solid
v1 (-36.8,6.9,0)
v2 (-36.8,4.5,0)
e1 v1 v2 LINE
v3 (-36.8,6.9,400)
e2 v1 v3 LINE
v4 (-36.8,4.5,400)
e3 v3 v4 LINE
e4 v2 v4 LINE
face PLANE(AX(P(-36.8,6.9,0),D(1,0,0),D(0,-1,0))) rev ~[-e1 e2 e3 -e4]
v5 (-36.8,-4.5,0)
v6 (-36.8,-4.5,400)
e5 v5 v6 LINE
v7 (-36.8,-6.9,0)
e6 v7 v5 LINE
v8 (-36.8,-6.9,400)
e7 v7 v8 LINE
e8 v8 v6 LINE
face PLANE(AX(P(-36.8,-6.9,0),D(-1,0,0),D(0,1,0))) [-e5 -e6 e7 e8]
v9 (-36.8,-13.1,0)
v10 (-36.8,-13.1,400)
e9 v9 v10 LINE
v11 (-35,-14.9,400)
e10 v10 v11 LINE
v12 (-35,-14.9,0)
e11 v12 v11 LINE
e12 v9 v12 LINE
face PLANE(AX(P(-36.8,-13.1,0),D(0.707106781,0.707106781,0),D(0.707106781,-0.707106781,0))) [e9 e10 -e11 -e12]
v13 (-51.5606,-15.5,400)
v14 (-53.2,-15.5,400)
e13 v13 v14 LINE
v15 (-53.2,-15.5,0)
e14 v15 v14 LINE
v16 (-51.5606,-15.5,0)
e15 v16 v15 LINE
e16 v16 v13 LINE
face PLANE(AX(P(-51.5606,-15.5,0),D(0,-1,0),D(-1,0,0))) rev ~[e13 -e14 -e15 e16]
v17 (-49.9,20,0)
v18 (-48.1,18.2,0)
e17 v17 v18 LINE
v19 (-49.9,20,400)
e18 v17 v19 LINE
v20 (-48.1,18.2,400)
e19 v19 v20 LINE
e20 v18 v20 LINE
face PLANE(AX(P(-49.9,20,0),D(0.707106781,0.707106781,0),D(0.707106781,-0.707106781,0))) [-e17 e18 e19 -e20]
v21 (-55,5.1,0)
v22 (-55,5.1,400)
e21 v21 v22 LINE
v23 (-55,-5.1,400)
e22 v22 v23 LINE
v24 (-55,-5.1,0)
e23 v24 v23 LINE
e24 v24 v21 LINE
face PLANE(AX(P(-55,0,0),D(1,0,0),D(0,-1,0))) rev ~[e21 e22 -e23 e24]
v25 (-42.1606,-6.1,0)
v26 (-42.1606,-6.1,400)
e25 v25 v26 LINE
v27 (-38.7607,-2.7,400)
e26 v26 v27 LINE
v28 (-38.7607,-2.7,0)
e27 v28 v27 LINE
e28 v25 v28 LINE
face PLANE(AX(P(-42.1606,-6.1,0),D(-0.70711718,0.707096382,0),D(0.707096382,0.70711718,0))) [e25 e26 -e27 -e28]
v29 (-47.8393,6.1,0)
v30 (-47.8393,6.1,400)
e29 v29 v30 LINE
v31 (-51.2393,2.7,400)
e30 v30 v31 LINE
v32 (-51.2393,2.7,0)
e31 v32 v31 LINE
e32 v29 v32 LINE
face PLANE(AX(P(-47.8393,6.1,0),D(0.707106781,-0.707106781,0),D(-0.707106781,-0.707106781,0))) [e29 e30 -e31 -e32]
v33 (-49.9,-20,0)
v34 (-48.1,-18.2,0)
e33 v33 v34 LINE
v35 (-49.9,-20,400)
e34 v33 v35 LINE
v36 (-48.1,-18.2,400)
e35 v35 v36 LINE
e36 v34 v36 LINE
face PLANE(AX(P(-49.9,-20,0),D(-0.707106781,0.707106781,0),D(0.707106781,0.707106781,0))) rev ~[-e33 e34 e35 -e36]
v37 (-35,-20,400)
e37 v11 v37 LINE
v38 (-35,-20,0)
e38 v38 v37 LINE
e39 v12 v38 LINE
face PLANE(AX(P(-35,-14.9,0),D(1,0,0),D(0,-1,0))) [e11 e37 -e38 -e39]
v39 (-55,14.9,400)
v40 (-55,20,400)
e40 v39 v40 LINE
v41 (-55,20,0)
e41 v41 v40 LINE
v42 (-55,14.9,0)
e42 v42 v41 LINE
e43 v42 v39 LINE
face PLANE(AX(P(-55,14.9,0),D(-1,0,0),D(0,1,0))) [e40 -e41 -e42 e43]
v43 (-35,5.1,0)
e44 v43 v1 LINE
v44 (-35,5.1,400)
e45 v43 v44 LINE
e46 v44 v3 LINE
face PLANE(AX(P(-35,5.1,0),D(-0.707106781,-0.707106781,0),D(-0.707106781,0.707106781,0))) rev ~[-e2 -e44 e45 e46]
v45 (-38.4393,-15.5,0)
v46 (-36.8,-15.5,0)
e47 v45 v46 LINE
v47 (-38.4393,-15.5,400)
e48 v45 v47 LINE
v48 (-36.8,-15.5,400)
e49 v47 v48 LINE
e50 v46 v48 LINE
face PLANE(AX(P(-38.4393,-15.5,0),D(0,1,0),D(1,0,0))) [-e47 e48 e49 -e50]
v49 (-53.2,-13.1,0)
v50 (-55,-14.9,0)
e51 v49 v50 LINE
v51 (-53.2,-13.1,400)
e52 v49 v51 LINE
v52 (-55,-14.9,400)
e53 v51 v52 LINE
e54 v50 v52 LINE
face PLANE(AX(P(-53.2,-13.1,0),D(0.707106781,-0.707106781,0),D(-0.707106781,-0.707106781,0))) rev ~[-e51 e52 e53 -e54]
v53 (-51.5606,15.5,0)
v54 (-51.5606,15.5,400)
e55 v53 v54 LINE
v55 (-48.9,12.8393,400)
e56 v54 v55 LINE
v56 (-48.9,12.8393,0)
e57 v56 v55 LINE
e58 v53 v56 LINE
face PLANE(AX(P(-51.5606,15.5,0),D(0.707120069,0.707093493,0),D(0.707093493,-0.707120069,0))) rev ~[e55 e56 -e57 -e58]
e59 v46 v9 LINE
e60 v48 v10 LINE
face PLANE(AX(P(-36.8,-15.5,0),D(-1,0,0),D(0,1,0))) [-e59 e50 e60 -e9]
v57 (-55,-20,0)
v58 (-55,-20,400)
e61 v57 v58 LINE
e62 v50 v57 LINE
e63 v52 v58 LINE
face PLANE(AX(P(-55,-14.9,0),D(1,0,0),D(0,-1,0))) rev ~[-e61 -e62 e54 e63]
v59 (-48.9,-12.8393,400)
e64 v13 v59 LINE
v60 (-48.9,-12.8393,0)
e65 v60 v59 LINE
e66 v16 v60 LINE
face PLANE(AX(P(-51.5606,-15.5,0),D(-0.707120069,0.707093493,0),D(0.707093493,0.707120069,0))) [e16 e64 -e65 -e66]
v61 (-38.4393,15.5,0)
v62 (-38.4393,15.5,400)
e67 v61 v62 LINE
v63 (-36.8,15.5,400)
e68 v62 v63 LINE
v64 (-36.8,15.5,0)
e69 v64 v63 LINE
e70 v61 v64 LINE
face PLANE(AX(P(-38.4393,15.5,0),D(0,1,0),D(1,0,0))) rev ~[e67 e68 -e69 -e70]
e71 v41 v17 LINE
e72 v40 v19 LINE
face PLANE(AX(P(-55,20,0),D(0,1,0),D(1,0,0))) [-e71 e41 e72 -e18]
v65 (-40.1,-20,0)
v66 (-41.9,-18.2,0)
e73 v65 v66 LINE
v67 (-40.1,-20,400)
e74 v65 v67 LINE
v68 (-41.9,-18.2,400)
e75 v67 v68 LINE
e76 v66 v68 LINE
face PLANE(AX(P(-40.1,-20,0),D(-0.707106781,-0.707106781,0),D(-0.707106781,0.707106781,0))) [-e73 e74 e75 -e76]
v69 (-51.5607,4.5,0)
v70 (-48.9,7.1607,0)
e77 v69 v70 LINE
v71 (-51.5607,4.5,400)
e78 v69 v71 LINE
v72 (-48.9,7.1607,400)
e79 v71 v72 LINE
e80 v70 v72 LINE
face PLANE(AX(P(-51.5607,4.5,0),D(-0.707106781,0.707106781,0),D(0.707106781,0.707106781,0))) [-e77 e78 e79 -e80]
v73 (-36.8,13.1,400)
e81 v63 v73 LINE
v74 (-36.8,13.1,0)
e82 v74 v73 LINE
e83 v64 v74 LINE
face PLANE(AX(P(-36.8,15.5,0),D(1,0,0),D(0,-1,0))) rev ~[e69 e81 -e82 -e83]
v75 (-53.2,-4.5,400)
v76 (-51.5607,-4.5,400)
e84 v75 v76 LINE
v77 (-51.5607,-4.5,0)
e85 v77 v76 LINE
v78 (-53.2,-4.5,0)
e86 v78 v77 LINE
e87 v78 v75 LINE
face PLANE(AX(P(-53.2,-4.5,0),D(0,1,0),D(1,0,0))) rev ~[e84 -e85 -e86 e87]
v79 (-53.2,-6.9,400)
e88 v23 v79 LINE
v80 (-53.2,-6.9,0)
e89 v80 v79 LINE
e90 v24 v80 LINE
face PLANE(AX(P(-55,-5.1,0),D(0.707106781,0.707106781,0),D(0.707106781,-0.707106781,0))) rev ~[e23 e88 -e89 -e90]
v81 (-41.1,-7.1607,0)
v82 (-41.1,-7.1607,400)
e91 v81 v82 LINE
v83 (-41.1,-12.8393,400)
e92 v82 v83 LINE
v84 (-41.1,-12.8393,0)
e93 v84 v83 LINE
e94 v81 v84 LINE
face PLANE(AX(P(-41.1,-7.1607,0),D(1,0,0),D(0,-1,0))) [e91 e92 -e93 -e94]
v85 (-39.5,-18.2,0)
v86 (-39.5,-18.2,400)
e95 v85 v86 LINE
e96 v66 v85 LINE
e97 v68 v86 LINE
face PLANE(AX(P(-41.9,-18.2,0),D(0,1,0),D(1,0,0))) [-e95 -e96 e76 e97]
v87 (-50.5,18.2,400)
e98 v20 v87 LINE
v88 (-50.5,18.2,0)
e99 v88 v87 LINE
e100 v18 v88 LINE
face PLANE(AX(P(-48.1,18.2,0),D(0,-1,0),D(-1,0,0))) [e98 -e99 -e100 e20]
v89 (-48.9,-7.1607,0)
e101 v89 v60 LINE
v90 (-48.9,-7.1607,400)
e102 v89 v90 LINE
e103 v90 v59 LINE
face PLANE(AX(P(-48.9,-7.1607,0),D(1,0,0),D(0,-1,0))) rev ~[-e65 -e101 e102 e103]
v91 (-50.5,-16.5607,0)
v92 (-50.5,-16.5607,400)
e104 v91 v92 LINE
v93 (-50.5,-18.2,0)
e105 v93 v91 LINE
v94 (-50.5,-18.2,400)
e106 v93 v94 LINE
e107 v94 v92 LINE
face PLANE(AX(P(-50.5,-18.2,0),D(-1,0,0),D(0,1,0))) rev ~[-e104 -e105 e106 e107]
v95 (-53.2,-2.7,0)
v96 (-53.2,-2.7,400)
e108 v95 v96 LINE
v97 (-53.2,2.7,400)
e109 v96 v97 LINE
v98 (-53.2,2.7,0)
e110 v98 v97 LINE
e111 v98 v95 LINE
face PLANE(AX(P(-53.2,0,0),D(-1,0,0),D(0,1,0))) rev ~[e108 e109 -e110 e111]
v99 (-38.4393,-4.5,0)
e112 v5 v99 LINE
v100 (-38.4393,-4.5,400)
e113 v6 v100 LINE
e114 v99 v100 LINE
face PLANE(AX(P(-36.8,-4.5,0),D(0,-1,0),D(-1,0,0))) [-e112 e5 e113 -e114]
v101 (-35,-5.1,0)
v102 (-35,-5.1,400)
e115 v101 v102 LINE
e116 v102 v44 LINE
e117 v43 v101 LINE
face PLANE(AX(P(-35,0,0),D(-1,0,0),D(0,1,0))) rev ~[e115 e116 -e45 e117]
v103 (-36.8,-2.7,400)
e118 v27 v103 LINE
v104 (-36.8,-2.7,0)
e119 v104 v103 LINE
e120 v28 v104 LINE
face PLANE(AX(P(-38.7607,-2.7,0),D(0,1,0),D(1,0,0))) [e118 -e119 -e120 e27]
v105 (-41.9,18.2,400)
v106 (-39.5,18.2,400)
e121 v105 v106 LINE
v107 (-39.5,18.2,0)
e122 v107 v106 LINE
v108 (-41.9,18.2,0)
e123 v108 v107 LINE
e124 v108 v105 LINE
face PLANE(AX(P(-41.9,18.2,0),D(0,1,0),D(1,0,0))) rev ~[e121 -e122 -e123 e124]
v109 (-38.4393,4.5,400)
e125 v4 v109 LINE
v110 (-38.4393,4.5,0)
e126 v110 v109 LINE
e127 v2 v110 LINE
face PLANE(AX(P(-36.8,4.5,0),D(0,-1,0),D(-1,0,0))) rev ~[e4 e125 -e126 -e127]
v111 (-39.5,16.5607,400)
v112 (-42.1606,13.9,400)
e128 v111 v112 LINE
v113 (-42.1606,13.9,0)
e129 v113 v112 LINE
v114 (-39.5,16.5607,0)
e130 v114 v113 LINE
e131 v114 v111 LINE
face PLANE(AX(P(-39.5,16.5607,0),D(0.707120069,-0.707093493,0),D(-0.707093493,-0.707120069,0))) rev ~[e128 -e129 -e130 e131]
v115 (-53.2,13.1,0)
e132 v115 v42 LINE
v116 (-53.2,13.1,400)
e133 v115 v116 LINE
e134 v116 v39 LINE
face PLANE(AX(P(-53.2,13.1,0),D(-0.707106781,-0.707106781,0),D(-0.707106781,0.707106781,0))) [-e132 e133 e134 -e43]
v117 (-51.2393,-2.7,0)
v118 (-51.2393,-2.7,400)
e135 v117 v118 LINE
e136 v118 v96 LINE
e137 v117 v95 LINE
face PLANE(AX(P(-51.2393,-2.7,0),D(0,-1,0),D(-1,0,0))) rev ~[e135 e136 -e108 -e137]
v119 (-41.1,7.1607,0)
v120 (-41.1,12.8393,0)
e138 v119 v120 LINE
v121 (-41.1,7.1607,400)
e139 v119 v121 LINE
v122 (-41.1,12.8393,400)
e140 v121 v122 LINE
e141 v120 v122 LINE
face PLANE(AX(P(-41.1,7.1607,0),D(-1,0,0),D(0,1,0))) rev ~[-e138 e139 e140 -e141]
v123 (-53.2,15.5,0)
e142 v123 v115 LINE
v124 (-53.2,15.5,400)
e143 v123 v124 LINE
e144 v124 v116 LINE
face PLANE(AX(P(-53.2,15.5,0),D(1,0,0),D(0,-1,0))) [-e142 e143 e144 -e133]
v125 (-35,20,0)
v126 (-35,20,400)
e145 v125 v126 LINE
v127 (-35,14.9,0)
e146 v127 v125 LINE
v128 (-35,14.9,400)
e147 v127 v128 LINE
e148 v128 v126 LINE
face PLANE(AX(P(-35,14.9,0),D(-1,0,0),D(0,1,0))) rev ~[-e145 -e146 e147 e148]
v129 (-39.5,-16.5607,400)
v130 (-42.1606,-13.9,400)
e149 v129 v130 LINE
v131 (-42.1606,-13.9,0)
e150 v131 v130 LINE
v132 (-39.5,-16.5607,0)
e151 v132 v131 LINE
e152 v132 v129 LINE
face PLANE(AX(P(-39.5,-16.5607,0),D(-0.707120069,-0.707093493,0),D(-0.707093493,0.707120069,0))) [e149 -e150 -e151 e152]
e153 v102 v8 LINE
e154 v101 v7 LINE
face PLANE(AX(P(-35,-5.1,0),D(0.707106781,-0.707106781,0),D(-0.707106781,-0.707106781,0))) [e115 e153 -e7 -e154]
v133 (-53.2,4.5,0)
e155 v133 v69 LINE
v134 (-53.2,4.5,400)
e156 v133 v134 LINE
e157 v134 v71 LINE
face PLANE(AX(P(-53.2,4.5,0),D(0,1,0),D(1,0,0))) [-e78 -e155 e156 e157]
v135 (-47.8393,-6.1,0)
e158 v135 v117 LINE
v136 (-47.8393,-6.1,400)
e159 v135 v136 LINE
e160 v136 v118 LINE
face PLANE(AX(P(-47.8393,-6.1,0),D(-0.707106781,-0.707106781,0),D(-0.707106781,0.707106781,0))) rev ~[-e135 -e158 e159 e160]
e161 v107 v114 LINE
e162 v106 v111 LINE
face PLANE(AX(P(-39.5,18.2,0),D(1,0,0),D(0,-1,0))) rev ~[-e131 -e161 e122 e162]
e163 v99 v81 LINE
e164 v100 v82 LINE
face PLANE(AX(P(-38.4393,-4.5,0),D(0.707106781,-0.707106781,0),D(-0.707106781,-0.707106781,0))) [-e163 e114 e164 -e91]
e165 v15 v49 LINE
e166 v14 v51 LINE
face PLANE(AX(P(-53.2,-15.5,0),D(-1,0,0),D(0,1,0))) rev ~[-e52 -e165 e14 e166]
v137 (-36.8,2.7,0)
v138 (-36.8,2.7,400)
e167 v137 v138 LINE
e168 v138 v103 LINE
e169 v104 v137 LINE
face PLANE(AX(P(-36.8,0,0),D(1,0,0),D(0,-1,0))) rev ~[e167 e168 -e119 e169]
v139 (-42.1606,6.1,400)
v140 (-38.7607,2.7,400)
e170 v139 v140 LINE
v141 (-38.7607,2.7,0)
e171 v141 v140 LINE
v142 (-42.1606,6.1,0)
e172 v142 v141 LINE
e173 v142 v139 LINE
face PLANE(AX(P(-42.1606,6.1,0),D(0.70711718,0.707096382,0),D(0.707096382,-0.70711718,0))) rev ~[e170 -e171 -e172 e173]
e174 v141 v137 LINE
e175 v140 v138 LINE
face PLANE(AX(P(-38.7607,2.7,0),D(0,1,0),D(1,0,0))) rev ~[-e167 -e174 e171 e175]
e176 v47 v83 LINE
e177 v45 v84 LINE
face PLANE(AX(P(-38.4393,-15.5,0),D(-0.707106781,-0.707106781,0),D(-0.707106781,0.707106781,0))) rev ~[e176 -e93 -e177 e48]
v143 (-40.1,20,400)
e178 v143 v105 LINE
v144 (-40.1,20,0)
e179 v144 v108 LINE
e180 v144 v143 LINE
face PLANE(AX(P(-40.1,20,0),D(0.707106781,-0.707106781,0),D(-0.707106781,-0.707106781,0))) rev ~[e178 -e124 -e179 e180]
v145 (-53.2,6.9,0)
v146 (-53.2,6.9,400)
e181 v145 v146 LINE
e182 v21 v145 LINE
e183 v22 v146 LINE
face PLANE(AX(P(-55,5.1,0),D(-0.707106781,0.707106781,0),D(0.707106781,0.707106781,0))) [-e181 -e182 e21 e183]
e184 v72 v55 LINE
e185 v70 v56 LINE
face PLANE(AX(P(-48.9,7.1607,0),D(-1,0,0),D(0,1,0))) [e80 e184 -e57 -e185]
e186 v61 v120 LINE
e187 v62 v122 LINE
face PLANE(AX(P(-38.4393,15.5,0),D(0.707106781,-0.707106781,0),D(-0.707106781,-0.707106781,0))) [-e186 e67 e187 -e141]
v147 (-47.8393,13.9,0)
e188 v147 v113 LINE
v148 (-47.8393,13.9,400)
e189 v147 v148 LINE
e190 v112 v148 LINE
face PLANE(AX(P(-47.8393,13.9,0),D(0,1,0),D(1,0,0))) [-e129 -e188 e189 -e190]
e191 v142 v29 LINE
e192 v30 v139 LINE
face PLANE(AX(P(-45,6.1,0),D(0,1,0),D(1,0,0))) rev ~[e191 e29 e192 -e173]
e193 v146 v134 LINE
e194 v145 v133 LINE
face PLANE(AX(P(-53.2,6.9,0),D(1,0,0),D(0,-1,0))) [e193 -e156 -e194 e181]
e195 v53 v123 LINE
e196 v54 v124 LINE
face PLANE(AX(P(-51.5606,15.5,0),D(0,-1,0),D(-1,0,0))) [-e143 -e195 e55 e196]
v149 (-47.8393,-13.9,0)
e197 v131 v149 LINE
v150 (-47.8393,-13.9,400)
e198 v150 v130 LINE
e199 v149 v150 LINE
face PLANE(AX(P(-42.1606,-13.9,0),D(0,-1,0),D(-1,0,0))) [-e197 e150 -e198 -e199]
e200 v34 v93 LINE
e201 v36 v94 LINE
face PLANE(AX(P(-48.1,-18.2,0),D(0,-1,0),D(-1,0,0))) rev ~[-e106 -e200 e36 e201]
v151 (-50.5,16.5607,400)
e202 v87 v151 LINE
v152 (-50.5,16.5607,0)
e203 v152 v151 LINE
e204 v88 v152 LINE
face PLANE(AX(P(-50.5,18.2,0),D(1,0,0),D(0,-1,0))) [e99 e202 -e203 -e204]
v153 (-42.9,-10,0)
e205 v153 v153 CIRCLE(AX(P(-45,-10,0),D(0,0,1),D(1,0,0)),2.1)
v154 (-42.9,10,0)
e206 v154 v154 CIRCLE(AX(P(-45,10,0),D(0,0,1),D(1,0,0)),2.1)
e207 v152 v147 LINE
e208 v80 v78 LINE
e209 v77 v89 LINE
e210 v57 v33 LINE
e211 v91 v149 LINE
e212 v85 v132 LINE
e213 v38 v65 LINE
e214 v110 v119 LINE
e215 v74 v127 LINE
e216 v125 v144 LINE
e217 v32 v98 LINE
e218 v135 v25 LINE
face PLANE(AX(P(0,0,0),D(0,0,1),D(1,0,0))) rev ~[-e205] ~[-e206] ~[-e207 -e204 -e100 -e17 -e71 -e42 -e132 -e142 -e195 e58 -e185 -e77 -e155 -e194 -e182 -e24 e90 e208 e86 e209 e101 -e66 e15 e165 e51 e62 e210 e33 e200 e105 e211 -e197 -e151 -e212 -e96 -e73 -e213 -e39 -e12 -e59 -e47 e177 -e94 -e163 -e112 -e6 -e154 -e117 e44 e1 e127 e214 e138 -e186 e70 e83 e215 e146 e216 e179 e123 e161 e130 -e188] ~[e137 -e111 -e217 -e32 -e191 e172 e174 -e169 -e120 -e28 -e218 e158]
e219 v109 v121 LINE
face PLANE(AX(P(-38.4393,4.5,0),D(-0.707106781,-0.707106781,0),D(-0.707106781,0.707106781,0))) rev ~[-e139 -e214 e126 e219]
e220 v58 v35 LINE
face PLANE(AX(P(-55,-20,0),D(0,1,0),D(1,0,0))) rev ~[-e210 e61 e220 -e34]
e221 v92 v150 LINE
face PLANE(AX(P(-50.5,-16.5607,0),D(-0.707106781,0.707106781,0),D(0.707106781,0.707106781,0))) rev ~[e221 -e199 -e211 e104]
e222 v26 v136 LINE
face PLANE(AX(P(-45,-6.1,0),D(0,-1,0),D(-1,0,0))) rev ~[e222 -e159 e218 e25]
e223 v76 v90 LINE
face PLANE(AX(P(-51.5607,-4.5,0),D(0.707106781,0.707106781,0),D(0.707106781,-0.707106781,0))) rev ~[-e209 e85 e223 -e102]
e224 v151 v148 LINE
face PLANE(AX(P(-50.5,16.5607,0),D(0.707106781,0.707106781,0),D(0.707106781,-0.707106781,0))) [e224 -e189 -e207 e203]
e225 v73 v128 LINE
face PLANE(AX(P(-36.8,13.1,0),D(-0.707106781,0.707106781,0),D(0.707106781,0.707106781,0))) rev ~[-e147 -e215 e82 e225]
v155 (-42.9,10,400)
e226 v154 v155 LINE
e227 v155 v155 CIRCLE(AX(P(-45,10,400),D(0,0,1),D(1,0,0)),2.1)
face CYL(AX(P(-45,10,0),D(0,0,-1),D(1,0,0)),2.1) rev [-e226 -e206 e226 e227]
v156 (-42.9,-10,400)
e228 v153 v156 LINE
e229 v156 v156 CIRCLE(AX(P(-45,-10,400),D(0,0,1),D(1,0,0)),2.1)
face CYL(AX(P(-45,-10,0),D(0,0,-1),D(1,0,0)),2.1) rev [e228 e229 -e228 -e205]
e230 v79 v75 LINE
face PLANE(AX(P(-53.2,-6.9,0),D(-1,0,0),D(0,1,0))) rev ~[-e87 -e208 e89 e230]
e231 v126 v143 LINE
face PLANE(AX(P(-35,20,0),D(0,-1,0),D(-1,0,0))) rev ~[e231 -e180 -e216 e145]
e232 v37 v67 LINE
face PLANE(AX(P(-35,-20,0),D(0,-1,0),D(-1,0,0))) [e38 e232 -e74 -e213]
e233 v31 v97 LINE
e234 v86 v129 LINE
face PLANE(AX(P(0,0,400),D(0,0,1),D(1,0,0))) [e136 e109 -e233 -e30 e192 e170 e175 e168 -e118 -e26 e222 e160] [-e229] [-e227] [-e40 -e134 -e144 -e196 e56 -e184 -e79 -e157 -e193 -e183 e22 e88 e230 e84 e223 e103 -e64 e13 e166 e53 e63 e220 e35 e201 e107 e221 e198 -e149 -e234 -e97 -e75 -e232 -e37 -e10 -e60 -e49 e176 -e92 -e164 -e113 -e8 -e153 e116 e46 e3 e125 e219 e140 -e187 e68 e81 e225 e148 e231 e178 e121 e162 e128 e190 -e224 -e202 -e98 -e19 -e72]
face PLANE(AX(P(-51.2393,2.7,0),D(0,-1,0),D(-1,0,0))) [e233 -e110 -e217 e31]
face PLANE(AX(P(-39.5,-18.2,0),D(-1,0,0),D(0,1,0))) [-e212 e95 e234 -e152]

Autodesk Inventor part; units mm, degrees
ref_plane "YZ Plane" through (0, 0, 0) normal (1, 0, 0) x (0, 1, 0)
ref_plane "XZ Plane" through (0, 0, 0) normal (0, 1, 0) x (-1, 0, 0)
ref_plane "XY Plane" through (0, 0, 0) normal (0, 0, 1) x (1, 0, 0)
sketch "Boceto1" plane through (0, 0, 0) normal (0, 0, 1) x (1, 0, 0)
  line L0 (-49.9, -20) -> (-45, -20)
  line L1 (-47.8393, -13.9) -> (-45, -13.9)
  line L2 (-50.5, -16.5607) -> (-47.8393, -13.9)
  line L3 (-50.5, -18.2) -> (-50.5, -16.5607)
  line L4 (-48.1, -18.2) -> (-50.5, -18.2)
  line L5 (-49.9, -20) -> (-48.1, -18.2)
  line L6 (-55, -20) -> (-45, -20)
  line L7 (-55, -5.1) -> (-55, -20)
  line L8 (-53.2, -13.1) -> (-55, -14.9)
  line L9 (-53.2, -15.5) -> (-53.2, -13.1)
  line L10 (-51.5606, -15.5) -> (-48.9, -12.8393)
  line L11 (-48.9, -7.1607) -> (-48.9, -12.8393)
  circle A0 centre (-45, -10) radius 2.1
  line L12 (-47.8393, -6.1) -> (-51.2393, -2.7)
  line L13 (-51.5607, -4.5) -> (-48.9, -7.1607)
  line L14 (-53.2, -4.5) -> (-51.5607, -4.5)
  line L15 (-51.2393, -2.7) -> (-53.2, -2.7)
  line L16 (-53.2, -6.9) -> (-53.2, -4.5)
  line L17 (-55, -5.1) -> (-53.2, -6.9)
  line L18 (-51.5606, -15.5) -> (-53.2, -15.5)
  line L19 (-35, 0) -> (-55, 0) construction
  line L20 (-53.2, 0) -> (-53.2, -4.5)
  line L21 (-55, 0) -> (-55, -5.1)
  line L22 (-45, 0) -> (-45, -20) construction
  line L23 (-45, -6.1) -> (-47.8393, -6.1)
  line L24 (-40.1, -20) -> (-45, -20)
  line L25 (-42.1606, -13.9) -> (-45, -13.9)
  line L26 (-39.5, -16.5607) -> (-42.1606, -13.9)
  line L27 (-39.5, -18.2) -> (-39.5, -16.5607)
  line L28 (-41.9, -18.2) -> (-39.5, -18.2)
  line L29 (-40.1, -20) -> (-41.9, -18.2)
  line L30 (-35, -20) -> (-45, -20)
  line L31 (-35, -5.1) -> (-35, -20)
  line L32 (-36.8, -13.1) -> (-35, -14.9)
  line L33 (-36.8, -15.5) -> (-36.8, -13.1)
  line L34 (-38.4393, -15.5) -> (-41.1, -12.8393)
  line L35 (-41.1, -7.1607) -> (-41.1, -12.8393)
  line L36 (-42.1606, -6.1) -> (-38.7607, -2.7)
  line L37 (-38.4393, -4.5) -> (-41.1, -7.1607)
  line L38 (-36.8, -4.5) -> (-38.4393, -4.5)
  line L39 (-38.7607, -2.7) -> (-36.8, -2.7)
  line L40 (-36.8, -6.9) -> (-36.8, -4.5)
  line L41 (-35, -5.1) -> (-36.8, -6.9)
  line L42 (-38.4393, -15.5) -> (-36.8, -15.5)
  line L43 (-36.8, 0) -> (-36.8, -4.5)
  line L44 (-35, 0) -> (-35, -5.1)
  line L45 (-45, -6.1) -> (-42.1606, -6.1)
  line L46 (-49.9, 20) -> (-45, 20)
  line L47 (-47.8393, 13.9) -> (-45, 13.9)
  line L48 (-50.5, 16.5607) -> (-47.8393, 13.9)
  line L49 (-50.5, 18.2) -> (-50.5, 16.5607)
  line L50 (-48.1, 18.2) -> (-50.5, 18.2)
  line L51 (-49.9, 20) -> (-48.1, 18.2)
  line L52 (-55, 20) -> (-45, 20)
  line L53 (-55, 5.1) -> (-55, 20)
  line L54 (-53.2, 13.1) -> (-55, 14.9)
  line L55 (-53.2, 15.5) -> (-53.2, 13.1)
  line L56 (-51.5606, 15.5) -> (-48.9, 12.8393)
  line L57 (-48.9, 7.1607) -> (-48.9, 12.8393)
  circle A1 centre (-45, 10) radius 2.1
  line L58 (-47.8393, 6.1) -> (-51.2393, 2.7)
  line L59 (-51.5607, 4.5) -> (-48.9, 7.1607)
  line L60 (-53.2, 4.5) -> (-51.5607, 4.5)
  line L61 (-51.2393, 2.7) -> (-53.2, 2.7)
  line L62 (-53.2, 6.9) -> (-53.2, 4.5)
  line L63 (-55, 5.1) -> (-53.2, 6.9)
  line L64 (-51.5606, 15.5) -> (-53.2, 15.5)
  line L65 (-53.2, 0) -> (-53.2, 4.5)
  line L66 (-55, 0) -> (-55, 5.1)
  line L67 (-45, 0) -> (-45, 20) construction
  line L68 (-45, 6.1) -> (-47.8393, 6.1)
  line L69 (-40.1, 20) -> (-45, 20)
  line L70 (-42.1606, 13.9) -> (-45, 13.9)
  line L71 (-39.5, 16.5607) -> (-42.1606, 13.9)
  line L72 (-39.5, 18.2) -> (-39.5, 16.5607)
  line L73 (-41.9, 18.2) -> (-39.5, 18.2)
  line L74 (-40.1, 20) -> (-41.9, 18.2)
  line L75 (-36.8, 13.1) -> (-35, 14.9)
  line L76 (-36.8, 15.5) -> (-36.8, 13.1)
  line L77 (-38.4393, 15.5) -> (-36.8, 15.5)
  line L78 (-35, 20) -> (-45, 20)
  line L79 (-35, 5.1) -> (-35, 20)
  line L80 (-38.4393, 15.5) -> (-41.1, 12.8393)
  line L81 (-41.1, 7.1607) -> (-41.1, 12.8393)
  line L82 (-45, 6.1) -> (-42.1606, 6.1)
  line L83 (-38.4393, 4.5) -> (-41.1, 7.1607)
  line L84 (-36.8, 4.5) -> (-38.4393, 4.5)
  line L85 (-42.1606, 6.1) -> (-38.7607, 2.7)
  line L86 (-38.7607, 2.7) -> (-36.8, 2.7)
  line L87 (-36.8, 0) -> (-36.8, 4.5)
  line L88 (-35, 0) -> (-35, 5.1)
  line L89 (-35, 5.1) -> (-36.8, 6.9)
  line L90 (-36.8, 6.9) -> (-36.8, 4.5)
  point P0 (0, 0)
  point P1 (-45, -10)
  point P2 (-45, -10)
  point P3 (-45, 10)
  point P4 (-45, 10)
extrude "Extrusión1" add sketch "Boceto1" along normal blind 400 contours L6 L7 L8 L9 L18 L10 L11 L13 L14 L20 L15 L12 L23 L45 L36 L39 L43 L38 L37 L35 L34 L42 L33 L32 L31 L30 L29 L28 L27 L26 L25 L1 L2 L3 L4 L5 | L21 L66 L63 L62 L65 L20 L16 L17 | L41 L40 L43 L87 L90 L89 L88 L44 | L53 L52 L51 L50 L49 L48 L47 L70 L71 L72 L73 L74 L78 L79 L75 L76 L77 L80 L81 L83 L84 L87 L86 L85 L82 L68 L58 L61 L65 L60 L59 L57 L56 L64 L55 L54
ref_plane "Plano de trabajo1" through (-45, 5.1, 400) normal (1, 0, 0) x (0, 0, -1)
properties part number "Barra"
